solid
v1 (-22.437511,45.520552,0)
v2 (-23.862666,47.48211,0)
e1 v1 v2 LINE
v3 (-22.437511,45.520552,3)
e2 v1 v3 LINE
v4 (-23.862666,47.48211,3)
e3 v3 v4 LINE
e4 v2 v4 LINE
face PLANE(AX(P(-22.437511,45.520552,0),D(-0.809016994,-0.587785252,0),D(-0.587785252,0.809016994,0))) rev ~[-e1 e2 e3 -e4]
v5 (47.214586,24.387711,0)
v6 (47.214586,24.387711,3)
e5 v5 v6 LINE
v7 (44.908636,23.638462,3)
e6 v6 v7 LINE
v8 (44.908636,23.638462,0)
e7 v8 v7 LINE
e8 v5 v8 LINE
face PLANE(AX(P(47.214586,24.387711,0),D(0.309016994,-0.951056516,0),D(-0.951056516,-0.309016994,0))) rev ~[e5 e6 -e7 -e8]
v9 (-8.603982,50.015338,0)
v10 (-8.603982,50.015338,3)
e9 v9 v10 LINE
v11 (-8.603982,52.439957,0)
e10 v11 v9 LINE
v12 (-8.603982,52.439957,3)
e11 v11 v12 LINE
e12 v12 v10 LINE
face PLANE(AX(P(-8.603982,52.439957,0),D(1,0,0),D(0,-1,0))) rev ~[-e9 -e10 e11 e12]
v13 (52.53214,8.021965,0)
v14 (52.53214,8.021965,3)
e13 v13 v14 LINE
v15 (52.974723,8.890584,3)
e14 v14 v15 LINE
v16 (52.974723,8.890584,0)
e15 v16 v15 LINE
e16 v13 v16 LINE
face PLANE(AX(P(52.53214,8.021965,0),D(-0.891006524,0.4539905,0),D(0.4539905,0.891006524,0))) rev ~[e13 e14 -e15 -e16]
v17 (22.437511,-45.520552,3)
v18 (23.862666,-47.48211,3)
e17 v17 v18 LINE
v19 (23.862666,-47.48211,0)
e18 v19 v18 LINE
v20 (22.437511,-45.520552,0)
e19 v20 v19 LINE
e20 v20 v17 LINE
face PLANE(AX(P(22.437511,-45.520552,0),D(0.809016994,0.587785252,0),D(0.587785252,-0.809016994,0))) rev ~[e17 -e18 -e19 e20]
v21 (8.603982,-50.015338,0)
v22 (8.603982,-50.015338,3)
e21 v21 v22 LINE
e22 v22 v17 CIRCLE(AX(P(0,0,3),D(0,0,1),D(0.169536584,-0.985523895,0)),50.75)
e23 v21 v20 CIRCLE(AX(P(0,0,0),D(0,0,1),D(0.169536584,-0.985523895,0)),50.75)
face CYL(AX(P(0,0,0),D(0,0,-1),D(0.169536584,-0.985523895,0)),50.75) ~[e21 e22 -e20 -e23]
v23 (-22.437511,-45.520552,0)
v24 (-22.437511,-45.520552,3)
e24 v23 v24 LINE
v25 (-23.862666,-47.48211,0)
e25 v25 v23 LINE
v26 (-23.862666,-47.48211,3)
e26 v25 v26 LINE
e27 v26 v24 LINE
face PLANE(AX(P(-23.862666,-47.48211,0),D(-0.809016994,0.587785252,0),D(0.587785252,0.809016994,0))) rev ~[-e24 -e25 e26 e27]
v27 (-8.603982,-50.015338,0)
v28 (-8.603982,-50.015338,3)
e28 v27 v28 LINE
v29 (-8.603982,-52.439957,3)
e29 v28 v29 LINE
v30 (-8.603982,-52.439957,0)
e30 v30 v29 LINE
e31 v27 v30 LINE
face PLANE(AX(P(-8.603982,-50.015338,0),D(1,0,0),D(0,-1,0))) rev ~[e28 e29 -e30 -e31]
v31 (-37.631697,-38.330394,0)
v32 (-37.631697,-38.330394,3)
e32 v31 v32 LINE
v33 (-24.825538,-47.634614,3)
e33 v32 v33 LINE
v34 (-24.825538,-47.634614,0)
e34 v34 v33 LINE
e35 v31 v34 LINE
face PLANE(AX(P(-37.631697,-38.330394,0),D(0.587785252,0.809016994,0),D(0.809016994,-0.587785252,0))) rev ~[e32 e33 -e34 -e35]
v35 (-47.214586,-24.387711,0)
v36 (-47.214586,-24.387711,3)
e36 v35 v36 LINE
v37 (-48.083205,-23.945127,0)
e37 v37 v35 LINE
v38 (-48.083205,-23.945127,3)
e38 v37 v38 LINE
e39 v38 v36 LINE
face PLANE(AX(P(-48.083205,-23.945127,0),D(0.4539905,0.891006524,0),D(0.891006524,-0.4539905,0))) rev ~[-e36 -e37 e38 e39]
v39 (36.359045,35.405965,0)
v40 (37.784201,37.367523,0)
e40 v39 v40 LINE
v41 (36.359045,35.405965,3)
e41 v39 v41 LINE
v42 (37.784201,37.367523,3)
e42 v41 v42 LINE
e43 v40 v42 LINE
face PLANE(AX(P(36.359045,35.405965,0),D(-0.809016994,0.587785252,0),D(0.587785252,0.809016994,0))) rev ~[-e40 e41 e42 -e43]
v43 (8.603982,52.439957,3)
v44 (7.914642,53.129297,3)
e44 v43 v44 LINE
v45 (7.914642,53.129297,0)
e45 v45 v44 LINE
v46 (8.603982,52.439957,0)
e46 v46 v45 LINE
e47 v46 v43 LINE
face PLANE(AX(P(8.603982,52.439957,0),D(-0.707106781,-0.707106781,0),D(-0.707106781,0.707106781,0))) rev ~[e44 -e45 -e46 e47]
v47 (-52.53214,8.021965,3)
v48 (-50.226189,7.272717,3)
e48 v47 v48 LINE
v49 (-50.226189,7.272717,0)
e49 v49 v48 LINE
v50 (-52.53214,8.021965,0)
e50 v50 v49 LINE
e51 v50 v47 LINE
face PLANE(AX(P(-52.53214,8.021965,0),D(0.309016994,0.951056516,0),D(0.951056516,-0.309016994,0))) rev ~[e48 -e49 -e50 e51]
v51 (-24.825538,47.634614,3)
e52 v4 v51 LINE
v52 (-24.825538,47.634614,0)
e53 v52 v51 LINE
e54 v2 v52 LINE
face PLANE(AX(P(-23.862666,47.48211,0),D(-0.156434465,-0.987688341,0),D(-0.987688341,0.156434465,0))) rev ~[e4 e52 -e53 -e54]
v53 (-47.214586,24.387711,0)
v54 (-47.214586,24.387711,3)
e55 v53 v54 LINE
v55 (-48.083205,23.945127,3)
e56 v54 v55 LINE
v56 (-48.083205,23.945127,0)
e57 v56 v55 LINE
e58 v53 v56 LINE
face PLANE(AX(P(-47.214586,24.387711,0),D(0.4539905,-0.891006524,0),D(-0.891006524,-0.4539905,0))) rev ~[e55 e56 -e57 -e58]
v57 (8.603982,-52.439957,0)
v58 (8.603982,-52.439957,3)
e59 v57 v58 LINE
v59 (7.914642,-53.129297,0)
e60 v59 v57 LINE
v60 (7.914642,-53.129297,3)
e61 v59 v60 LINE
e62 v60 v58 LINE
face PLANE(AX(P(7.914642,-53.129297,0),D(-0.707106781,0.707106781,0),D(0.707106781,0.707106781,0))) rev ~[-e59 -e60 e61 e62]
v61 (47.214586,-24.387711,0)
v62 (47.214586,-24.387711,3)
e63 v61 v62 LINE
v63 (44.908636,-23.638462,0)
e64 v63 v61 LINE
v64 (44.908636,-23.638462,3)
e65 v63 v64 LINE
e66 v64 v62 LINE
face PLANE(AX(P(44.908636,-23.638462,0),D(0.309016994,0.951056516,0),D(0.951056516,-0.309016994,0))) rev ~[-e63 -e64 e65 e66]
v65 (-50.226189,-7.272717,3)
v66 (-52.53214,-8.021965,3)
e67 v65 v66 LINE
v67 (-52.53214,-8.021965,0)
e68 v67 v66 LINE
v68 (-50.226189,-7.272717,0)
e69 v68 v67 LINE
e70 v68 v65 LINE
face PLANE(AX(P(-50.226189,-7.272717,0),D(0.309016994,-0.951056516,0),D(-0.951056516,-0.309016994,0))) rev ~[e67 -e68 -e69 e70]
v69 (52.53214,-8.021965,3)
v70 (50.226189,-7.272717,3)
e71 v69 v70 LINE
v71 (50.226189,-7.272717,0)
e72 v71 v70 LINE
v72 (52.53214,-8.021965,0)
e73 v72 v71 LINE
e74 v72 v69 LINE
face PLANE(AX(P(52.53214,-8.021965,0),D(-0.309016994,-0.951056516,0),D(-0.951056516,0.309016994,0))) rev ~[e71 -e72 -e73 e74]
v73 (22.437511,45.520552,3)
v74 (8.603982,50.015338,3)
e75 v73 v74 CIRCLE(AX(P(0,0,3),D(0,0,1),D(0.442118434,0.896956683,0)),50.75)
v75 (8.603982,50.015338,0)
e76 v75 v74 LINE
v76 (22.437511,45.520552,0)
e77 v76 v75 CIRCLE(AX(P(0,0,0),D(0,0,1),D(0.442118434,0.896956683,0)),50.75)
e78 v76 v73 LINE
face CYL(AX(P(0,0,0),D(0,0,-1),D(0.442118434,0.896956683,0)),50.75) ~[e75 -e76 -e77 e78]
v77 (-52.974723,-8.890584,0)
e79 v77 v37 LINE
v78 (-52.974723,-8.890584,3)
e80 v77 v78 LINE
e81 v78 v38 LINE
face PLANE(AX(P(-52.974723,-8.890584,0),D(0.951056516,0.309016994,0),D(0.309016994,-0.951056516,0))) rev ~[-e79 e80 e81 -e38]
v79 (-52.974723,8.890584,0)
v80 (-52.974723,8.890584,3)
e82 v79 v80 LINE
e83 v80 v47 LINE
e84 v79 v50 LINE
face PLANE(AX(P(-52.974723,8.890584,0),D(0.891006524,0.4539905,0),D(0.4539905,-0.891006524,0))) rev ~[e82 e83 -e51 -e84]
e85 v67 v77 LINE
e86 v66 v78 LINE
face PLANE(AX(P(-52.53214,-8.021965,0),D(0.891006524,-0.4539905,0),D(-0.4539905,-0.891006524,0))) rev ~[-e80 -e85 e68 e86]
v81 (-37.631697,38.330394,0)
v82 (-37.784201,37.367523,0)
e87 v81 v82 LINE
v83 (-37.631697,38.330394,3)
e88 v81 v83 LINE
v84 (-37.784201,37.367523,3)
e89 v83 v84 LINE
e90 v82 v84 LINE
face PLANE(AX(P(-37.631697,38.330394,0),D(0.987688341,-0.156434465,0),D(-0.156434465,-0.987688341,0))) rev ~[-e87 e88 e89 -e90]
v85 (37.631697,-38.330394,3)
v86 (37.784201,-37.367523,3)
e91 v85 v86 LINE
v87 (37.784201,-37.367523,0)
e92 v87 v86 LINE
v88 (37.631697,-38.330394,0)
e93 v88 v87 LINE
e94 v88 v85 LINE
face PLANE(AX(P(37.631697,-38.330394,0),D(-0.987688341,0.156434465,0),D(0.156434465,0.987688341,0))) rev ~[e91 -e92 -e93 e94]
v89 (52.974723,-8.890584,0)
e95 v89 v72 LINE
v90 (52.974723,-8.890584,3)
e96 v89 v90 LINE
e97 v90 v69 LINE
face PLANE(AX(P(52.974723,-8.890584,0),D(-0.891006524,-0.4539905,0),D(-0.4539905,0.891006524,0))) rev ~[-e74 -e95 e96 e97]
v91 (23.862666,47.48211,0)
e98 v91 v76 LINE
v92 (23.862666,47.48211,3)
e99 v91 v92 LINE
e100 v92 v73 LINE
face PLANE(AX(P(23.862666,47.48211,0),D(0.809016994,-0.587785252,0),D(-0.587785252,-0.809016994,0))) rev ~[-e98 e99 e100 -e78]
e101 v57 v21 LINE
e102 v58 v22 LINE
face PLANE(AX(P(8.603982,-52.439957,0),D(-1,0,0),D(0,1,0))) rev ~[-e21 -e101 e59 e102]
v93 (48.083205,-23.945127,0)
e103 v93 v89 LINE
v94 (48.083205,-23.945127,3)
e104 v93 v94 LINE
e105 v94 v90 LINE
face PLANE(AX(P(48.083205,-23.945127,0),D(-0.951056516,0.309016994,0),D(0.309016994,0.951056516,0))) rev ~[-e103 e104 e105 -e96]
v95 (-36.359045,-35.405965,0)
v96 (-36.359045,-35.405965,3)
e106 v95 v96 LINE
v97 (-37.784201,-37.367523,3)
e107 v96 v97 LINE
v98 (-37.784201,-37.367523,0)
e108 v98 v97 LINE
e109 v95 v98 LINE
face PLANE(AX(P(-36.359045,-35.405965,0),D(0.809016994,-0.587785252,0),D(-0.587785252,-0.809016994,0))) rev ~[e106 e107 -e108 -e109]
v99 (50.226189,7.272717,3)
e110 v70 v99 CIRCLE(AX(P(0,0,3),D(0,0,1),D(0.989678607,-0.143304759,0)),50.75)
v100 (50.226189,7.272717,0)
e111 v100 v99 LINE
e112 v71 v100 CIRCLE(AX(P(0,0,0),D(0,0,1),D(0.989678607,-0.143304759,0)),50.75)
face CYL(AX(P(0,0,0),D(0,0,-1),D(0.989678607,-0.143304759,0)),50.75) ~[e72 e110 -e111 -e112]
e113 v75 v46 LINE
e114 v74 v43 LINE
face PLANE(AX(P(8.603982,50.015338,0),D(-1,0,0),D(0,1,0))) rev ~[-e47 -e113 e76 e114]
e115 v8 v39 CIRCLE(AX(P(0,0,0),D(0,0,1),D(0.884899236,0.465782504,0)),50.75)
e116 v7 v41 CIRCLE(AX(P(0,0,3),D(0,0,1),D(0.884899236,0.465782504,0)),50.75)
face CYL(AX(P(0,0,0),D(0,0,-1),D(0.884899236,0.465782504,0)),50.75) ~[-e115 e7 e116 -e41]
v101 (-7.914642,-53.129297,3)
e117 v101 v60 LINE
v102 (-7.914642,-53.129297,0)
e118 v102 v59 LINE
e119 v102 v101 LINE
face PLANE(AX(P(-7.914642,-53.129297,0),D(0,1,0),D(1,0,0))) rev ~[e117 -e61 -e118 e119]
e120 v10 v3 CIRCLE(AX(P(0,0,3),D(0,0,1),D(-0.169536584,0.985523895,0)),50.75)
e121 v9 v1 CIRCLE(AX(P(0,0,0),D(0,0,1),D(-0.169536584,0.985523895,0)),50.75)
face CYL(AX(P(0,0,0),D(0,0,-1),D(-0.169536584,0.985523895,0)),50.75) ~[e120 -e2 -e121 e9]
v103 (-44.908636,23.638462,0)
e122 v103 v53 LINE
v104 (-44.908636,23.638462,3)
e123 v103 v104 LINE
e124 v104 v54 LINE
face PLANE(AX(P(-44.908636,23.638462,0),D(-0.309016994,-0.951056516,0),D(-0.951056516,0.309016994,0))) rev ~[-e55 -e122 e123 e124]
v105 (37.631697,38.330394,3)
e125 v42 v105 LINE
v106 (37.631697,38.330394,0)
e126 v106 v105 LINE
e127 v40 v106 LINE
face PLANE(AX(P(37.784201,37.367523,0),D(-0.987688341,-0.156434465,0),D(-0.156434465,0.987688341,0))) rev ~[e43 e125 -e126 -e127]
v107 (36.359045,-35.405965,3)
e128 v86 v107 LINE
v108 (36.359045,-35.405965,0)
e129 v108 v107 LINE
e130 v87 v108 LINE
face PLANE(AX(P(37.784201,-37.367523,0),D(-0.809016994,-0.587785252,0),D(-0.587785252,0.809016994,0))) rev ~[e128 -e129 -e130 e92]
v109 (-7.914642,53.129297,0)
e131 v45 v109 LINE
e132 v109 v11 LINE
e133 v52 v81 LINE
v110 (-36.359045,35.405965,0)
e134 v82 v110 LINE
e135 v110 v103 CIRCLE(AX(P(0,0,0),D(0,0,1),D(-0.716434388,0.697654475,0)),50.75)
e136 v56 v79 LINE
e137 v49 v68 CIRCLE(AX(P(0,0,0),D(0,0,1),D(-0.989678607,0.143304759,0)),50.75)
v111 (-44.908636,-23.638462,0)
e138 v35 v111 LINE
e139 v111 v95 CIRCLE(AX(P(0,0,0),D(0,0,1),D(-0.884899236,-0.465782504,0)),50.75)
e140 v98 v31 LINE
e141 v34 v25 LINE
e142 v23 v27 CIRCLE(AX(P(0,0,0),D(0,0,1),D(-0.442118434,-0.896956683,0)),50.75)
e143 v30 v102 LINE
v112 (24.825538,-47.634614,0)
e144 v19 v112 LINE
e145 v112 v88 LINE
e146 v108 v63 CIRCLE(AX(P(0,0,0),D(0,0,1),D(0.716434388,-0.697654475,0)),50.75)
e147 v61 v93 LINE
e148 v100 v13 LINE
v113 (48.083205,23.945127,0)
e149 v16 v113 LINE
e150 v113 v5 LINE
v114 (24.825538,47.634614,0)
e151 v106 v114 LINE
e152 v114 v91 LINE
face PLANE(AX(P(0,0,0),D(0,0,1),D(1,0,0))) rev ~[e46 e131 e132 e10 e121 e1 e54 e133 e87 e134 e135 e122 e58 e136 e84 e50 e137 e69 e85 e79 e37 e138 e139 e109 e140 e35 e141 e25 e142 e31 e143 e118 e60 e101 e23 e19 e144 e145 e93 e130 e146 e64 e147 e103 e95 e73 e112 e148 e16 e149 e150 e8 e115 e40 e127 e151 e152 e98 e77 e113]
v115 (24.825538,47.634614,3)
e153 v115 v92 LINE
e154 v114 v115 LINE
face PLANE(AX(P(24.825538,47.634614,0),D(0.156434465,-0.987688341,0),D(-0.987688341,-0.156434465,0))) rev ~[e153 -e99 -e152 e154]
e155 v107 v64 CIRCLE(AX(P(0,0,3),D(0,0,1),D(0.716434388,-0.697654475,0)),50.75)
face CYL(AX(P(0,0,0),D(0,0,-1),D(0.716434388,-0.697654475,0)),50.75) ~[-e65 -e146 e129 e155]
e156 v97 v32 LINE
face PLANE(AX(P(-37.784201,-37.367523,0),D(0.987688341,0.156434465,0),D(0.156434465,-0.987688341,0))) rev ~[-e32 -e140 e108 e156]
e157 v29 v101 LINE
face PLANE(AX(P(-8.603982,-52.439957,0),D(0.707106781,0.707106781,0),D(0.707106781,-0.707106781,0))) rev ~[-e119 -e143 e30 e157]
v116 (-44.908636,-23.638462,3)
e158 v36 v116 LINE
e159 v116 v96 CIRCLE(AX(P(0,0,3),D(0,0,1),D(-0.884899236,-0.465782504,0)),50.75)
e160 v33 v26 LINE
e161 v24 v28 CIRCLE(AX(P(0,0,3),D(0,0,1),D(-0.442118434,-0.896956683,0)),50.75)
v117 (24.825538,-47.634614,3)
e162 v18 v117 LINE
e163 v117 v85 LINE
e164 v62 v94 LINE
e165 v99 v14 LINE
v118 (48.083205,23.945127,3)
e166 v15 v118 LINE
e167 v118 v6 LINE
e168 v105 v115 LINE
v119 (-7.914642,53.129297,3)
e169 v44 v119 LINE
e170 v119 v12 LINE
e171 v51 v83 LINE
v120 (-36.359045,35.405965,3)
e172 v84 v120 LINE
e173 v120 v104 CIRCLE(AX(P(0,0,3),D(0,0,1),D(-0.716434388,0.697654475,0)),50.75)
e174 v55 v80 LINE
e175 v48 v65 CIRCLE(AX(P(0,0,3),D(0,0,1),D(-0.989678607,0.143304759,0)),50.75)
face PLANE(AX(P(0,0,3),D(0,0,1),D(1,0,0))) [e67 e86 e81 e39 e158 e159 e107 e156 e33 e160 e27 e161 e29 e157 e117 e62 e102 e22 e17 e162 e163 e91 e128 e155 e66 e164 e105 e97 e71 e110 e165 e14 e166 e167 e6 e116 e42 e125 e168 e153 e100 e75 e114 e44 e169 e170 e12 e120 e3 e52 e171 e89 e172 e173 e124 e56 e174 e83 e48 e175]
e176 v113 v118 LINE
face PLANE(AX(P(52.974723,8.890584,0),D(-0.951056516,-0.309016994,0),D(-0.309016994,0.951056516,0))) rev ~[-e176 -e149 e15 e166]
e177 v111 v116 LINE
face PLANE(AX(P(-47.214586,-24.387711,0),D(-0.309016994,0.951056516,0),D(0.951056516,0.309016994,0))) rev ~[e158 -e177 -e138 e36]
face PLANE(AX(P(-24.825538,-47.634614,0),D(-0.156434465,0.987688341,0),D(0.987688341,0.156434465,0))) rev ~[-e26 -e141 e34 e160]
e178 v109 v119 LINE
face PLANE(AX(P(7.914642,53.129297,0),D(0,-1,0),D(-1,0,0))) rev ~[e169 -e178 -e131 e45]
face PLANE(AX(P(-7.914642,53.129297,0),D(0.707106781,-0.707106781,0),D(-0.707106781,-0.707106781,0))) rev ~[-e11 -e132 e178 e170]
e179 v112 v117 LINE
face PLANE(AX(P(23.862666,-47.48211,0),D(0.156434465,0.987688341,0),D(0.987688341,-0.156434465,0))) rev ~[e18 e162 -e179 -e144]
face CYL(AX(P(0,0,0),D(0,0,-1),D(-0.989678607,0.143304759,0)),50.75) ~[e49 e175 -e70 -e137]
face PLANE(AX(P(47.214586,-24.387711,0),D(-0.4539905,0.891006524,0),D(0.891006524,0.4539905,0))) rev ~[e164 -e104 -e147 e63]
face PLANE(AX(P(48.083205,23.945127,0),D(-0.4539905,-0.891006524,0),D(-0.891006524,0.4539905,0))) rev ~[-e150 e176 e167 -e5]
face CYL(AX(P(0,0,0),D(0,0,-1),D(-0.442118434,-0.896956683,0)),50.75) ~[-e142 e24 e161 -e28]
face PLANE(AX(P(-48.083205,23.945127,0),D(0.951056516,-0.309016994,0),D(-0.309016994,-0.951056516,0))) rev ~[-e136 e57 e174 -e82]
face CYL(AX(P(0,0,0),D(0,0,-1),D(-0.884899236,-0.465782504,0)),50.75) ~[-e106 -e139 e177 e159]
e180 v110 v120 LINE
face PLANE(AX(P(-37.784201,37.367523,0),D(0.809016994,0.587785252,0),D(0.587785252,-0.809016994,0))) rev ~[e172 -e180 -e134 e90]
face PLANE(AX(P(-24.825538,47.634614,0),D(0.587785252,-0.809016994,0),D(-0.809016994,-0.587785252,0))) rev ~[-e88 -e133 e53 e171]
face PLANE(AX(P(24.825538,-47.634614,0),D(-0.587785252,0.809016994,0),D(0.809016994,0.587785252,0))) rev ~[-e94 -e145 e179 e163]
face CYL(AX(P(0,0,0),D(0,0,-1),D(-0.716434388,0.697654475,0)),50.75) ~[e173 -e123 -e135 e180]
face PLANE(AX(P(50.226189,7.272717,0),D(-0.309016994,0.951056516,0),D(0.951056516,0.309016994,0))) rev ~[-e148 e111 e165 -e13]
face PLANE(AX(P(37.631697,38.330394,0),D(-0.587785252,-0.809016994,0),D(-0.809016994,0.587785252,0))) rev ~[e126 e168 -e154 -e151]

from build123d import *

# Parameters (mm, degrees)
BOSS_EXTRUDE1_DEPTH = 3


with BuildPart() as part:
    # Base_Sketch → Boss-Extrude1 (new body)
    with BuildSketch(Plane.XY):
        with BuildLine():
            Line((-8.603981625, 52.439957176), (-8.603981625, 50.01533765))
            ThreePointArc((-8.603981625, 50.01533765), (-15.682612465, 48.266118202), (-22.437510505, 45.520551648))
            Line((-22.437510505, 45.520551648), (-23.862666105, 47.48211005))
            Line((-23.862666105, 47.48211005), (-24.825537526, 47.634613901))
            Line((-24.825537526, 47.634613901), (-37.631696962, 38.33039445))
            Line((-37.631696962, 38.33039445), (-37.784200813, 37.36752303))
            Line((-37.784200813, 37.36752303), (-36.359045213, 35.405964628))
            ThreePointArc((-36.359045213, 35.405964628), (-41.057612465, 29.830101554), (-44.908636245, 23.638462104))
            Line((-44.908636245, 23.638462104), (-47.214586445, 24.387710742))
            Line((-47.214586445, 24.387710742), (-48.083205302, 23.945127328))
            Line((-48.083205302, 23.945127328), (-52.974722942, 8.890584019))
            Line((-52.974722942, 8.890584019), (-52.532139528, 8.021965161))
            Line((-52.532139528, 8.021965161), (-50.226189328, 7.272716523))
            ThreePointArc((-50.226189328, 7.272716523), (-50.75, 0), (-50.226189328, -7.272716523))
            Line((-50.226189328, -7.272716523), (-52.532139528, -8.021965161))
            Line((-52.532139528, -8.021965161), (-52.974722942, -8.890584019))
            Line((-52.974722942, -8.890584019), (-48.083205302, -23.945127328))
            Line((-48.083205302, -23.945127328), (-47.214586445, -24.387710742))
            Line((-47.214586445, -24.387710742), (-44.908636245, -23.638462104))
            ThreePointArc((-44.908636245, -23.638462104), (-41.057612465, -29.830101554), (-36.359045213, -35.405964628))
            Line((-36.359045213, -35.405964628), (-37.784200813, -37.36752303))
            Line((-37.784200813, -37.36752303), (-37.631696962, -38.33039445))
            Line((-37.631696962, -38.33039445), (-24.825537526, -47.634613901))
            Line((-24.825537526, -47.634613901), (-23.862666105, -47.48211005))
            Line((-23.862666105, -47.48211005), (-22.437510505, -45.520551648))
            ThreePointArc((-22.437510505, -45.520551648), (-15.682612465, -48.266118202), (-8.603981625, -50.01533765))
            Line((-8.603981625, -50.01533765), (-8.603981625, -52.439957176))
            Line((-8.603981625, -52.439957176), (-7.914641797, -53.129297004))
            Line((-7.914641797, -53.129297004), (7.914641797, -53.129297004))
            Line((7.914641797, -53.129297004), (8.603981625, -52.439957176))
            Line((8.603981625, -52.439957176), (8.603981625, -50.01533765))
            ThreePointArc((8.603981625, -50.01533765), (15.682612465, -48.266118202), (22.437510505, -45.520551648))
            Line((22.437510505, -45.520551648), (23.862666105, -47.48211005))
            Line((23.862666105, -47.48211005), (24.825537526, -47.634613901))
            Line((24.825537526, -47.634613901), (37.631696962, -38.33039445))
            Line((37.631696962, -38.33039445), (37.784200813, -37.36752303))
            Line((37.784200813, -37.36752303), (36.359045213, -35.405964628))
            ThreePointArc((36.359045213, -35.405964628), (41.057612465, -29.830101554), (44.908636245, -23.638462104))
            Line((44.908636245, -23.638462104), (47.214586445, -24.387710742))
            Line((47.214586445, -24.387710742), (48.083205302, -23.945127328))
            Line((48.083205302, -23.945127328), (52.974722942, -8.890584019))
            Line((52.974722942, -8.890584019), (52.532139528, -8.021965161))
            Line((52.532139528, -8.021965161), (50.226189328, -7.272716523))
            ThreePointArc((50.226189328, -7.272716523), (50.75, 0), (50.226189328, 7.272716523))
            Line((50.226189328, 7.272716523), (52.532139528, 8.021965161))
            Line((52.532139528, 8.021965161), (52.974722942, 8.890584019))
            Line((52.974722942, 8.890584019), (48.083205302, 23.945127328))
            Line((48.083205302, 23.945127328), (47.214586445, 24.387710742))
            Line((47.214586445, 24.387710742), (44.908636245, 23.638462104))
            ThreePointArc((44.908636245, 23.638462104), (41.057612465, 29.830101554), (36.359045213, 35.405964628))
            Line((36.359045213, 35.405964628), (37.784200813, 37.36752303))
            Line((37.784200813, 37.36752303), (37.631696962, 38.33039445))
            Line((37.631696962, 38.33039445), (24.825537526, 47.634613901))
            Line((24.825537526, 47.634613901), (23.862666105, 47.48211005))
            Line((23.862666105, 47.48211005), (22.437510505, 45.520551648))
            ThreePointArc((22.437510505, 45.520551648), (15.682612465, 48.266118202), (8.603981625, 50.01533765))
            Line((8.603981625, 50.01533765), (8.603981625, 52.439957176))
            Line((8.603981625, 52.439957176), (7.914641797, 53.129297004))
            Line((7.914641797, 53.129297004), (-7.914641797, 53.129297004))
            Line((-7.914641797, 53.129297004), (-8.603981625, 52.439957176))
        make_face()
    extrude(amount=BOSS_EXTRUDE1_DEPTH)


solid = part.part
